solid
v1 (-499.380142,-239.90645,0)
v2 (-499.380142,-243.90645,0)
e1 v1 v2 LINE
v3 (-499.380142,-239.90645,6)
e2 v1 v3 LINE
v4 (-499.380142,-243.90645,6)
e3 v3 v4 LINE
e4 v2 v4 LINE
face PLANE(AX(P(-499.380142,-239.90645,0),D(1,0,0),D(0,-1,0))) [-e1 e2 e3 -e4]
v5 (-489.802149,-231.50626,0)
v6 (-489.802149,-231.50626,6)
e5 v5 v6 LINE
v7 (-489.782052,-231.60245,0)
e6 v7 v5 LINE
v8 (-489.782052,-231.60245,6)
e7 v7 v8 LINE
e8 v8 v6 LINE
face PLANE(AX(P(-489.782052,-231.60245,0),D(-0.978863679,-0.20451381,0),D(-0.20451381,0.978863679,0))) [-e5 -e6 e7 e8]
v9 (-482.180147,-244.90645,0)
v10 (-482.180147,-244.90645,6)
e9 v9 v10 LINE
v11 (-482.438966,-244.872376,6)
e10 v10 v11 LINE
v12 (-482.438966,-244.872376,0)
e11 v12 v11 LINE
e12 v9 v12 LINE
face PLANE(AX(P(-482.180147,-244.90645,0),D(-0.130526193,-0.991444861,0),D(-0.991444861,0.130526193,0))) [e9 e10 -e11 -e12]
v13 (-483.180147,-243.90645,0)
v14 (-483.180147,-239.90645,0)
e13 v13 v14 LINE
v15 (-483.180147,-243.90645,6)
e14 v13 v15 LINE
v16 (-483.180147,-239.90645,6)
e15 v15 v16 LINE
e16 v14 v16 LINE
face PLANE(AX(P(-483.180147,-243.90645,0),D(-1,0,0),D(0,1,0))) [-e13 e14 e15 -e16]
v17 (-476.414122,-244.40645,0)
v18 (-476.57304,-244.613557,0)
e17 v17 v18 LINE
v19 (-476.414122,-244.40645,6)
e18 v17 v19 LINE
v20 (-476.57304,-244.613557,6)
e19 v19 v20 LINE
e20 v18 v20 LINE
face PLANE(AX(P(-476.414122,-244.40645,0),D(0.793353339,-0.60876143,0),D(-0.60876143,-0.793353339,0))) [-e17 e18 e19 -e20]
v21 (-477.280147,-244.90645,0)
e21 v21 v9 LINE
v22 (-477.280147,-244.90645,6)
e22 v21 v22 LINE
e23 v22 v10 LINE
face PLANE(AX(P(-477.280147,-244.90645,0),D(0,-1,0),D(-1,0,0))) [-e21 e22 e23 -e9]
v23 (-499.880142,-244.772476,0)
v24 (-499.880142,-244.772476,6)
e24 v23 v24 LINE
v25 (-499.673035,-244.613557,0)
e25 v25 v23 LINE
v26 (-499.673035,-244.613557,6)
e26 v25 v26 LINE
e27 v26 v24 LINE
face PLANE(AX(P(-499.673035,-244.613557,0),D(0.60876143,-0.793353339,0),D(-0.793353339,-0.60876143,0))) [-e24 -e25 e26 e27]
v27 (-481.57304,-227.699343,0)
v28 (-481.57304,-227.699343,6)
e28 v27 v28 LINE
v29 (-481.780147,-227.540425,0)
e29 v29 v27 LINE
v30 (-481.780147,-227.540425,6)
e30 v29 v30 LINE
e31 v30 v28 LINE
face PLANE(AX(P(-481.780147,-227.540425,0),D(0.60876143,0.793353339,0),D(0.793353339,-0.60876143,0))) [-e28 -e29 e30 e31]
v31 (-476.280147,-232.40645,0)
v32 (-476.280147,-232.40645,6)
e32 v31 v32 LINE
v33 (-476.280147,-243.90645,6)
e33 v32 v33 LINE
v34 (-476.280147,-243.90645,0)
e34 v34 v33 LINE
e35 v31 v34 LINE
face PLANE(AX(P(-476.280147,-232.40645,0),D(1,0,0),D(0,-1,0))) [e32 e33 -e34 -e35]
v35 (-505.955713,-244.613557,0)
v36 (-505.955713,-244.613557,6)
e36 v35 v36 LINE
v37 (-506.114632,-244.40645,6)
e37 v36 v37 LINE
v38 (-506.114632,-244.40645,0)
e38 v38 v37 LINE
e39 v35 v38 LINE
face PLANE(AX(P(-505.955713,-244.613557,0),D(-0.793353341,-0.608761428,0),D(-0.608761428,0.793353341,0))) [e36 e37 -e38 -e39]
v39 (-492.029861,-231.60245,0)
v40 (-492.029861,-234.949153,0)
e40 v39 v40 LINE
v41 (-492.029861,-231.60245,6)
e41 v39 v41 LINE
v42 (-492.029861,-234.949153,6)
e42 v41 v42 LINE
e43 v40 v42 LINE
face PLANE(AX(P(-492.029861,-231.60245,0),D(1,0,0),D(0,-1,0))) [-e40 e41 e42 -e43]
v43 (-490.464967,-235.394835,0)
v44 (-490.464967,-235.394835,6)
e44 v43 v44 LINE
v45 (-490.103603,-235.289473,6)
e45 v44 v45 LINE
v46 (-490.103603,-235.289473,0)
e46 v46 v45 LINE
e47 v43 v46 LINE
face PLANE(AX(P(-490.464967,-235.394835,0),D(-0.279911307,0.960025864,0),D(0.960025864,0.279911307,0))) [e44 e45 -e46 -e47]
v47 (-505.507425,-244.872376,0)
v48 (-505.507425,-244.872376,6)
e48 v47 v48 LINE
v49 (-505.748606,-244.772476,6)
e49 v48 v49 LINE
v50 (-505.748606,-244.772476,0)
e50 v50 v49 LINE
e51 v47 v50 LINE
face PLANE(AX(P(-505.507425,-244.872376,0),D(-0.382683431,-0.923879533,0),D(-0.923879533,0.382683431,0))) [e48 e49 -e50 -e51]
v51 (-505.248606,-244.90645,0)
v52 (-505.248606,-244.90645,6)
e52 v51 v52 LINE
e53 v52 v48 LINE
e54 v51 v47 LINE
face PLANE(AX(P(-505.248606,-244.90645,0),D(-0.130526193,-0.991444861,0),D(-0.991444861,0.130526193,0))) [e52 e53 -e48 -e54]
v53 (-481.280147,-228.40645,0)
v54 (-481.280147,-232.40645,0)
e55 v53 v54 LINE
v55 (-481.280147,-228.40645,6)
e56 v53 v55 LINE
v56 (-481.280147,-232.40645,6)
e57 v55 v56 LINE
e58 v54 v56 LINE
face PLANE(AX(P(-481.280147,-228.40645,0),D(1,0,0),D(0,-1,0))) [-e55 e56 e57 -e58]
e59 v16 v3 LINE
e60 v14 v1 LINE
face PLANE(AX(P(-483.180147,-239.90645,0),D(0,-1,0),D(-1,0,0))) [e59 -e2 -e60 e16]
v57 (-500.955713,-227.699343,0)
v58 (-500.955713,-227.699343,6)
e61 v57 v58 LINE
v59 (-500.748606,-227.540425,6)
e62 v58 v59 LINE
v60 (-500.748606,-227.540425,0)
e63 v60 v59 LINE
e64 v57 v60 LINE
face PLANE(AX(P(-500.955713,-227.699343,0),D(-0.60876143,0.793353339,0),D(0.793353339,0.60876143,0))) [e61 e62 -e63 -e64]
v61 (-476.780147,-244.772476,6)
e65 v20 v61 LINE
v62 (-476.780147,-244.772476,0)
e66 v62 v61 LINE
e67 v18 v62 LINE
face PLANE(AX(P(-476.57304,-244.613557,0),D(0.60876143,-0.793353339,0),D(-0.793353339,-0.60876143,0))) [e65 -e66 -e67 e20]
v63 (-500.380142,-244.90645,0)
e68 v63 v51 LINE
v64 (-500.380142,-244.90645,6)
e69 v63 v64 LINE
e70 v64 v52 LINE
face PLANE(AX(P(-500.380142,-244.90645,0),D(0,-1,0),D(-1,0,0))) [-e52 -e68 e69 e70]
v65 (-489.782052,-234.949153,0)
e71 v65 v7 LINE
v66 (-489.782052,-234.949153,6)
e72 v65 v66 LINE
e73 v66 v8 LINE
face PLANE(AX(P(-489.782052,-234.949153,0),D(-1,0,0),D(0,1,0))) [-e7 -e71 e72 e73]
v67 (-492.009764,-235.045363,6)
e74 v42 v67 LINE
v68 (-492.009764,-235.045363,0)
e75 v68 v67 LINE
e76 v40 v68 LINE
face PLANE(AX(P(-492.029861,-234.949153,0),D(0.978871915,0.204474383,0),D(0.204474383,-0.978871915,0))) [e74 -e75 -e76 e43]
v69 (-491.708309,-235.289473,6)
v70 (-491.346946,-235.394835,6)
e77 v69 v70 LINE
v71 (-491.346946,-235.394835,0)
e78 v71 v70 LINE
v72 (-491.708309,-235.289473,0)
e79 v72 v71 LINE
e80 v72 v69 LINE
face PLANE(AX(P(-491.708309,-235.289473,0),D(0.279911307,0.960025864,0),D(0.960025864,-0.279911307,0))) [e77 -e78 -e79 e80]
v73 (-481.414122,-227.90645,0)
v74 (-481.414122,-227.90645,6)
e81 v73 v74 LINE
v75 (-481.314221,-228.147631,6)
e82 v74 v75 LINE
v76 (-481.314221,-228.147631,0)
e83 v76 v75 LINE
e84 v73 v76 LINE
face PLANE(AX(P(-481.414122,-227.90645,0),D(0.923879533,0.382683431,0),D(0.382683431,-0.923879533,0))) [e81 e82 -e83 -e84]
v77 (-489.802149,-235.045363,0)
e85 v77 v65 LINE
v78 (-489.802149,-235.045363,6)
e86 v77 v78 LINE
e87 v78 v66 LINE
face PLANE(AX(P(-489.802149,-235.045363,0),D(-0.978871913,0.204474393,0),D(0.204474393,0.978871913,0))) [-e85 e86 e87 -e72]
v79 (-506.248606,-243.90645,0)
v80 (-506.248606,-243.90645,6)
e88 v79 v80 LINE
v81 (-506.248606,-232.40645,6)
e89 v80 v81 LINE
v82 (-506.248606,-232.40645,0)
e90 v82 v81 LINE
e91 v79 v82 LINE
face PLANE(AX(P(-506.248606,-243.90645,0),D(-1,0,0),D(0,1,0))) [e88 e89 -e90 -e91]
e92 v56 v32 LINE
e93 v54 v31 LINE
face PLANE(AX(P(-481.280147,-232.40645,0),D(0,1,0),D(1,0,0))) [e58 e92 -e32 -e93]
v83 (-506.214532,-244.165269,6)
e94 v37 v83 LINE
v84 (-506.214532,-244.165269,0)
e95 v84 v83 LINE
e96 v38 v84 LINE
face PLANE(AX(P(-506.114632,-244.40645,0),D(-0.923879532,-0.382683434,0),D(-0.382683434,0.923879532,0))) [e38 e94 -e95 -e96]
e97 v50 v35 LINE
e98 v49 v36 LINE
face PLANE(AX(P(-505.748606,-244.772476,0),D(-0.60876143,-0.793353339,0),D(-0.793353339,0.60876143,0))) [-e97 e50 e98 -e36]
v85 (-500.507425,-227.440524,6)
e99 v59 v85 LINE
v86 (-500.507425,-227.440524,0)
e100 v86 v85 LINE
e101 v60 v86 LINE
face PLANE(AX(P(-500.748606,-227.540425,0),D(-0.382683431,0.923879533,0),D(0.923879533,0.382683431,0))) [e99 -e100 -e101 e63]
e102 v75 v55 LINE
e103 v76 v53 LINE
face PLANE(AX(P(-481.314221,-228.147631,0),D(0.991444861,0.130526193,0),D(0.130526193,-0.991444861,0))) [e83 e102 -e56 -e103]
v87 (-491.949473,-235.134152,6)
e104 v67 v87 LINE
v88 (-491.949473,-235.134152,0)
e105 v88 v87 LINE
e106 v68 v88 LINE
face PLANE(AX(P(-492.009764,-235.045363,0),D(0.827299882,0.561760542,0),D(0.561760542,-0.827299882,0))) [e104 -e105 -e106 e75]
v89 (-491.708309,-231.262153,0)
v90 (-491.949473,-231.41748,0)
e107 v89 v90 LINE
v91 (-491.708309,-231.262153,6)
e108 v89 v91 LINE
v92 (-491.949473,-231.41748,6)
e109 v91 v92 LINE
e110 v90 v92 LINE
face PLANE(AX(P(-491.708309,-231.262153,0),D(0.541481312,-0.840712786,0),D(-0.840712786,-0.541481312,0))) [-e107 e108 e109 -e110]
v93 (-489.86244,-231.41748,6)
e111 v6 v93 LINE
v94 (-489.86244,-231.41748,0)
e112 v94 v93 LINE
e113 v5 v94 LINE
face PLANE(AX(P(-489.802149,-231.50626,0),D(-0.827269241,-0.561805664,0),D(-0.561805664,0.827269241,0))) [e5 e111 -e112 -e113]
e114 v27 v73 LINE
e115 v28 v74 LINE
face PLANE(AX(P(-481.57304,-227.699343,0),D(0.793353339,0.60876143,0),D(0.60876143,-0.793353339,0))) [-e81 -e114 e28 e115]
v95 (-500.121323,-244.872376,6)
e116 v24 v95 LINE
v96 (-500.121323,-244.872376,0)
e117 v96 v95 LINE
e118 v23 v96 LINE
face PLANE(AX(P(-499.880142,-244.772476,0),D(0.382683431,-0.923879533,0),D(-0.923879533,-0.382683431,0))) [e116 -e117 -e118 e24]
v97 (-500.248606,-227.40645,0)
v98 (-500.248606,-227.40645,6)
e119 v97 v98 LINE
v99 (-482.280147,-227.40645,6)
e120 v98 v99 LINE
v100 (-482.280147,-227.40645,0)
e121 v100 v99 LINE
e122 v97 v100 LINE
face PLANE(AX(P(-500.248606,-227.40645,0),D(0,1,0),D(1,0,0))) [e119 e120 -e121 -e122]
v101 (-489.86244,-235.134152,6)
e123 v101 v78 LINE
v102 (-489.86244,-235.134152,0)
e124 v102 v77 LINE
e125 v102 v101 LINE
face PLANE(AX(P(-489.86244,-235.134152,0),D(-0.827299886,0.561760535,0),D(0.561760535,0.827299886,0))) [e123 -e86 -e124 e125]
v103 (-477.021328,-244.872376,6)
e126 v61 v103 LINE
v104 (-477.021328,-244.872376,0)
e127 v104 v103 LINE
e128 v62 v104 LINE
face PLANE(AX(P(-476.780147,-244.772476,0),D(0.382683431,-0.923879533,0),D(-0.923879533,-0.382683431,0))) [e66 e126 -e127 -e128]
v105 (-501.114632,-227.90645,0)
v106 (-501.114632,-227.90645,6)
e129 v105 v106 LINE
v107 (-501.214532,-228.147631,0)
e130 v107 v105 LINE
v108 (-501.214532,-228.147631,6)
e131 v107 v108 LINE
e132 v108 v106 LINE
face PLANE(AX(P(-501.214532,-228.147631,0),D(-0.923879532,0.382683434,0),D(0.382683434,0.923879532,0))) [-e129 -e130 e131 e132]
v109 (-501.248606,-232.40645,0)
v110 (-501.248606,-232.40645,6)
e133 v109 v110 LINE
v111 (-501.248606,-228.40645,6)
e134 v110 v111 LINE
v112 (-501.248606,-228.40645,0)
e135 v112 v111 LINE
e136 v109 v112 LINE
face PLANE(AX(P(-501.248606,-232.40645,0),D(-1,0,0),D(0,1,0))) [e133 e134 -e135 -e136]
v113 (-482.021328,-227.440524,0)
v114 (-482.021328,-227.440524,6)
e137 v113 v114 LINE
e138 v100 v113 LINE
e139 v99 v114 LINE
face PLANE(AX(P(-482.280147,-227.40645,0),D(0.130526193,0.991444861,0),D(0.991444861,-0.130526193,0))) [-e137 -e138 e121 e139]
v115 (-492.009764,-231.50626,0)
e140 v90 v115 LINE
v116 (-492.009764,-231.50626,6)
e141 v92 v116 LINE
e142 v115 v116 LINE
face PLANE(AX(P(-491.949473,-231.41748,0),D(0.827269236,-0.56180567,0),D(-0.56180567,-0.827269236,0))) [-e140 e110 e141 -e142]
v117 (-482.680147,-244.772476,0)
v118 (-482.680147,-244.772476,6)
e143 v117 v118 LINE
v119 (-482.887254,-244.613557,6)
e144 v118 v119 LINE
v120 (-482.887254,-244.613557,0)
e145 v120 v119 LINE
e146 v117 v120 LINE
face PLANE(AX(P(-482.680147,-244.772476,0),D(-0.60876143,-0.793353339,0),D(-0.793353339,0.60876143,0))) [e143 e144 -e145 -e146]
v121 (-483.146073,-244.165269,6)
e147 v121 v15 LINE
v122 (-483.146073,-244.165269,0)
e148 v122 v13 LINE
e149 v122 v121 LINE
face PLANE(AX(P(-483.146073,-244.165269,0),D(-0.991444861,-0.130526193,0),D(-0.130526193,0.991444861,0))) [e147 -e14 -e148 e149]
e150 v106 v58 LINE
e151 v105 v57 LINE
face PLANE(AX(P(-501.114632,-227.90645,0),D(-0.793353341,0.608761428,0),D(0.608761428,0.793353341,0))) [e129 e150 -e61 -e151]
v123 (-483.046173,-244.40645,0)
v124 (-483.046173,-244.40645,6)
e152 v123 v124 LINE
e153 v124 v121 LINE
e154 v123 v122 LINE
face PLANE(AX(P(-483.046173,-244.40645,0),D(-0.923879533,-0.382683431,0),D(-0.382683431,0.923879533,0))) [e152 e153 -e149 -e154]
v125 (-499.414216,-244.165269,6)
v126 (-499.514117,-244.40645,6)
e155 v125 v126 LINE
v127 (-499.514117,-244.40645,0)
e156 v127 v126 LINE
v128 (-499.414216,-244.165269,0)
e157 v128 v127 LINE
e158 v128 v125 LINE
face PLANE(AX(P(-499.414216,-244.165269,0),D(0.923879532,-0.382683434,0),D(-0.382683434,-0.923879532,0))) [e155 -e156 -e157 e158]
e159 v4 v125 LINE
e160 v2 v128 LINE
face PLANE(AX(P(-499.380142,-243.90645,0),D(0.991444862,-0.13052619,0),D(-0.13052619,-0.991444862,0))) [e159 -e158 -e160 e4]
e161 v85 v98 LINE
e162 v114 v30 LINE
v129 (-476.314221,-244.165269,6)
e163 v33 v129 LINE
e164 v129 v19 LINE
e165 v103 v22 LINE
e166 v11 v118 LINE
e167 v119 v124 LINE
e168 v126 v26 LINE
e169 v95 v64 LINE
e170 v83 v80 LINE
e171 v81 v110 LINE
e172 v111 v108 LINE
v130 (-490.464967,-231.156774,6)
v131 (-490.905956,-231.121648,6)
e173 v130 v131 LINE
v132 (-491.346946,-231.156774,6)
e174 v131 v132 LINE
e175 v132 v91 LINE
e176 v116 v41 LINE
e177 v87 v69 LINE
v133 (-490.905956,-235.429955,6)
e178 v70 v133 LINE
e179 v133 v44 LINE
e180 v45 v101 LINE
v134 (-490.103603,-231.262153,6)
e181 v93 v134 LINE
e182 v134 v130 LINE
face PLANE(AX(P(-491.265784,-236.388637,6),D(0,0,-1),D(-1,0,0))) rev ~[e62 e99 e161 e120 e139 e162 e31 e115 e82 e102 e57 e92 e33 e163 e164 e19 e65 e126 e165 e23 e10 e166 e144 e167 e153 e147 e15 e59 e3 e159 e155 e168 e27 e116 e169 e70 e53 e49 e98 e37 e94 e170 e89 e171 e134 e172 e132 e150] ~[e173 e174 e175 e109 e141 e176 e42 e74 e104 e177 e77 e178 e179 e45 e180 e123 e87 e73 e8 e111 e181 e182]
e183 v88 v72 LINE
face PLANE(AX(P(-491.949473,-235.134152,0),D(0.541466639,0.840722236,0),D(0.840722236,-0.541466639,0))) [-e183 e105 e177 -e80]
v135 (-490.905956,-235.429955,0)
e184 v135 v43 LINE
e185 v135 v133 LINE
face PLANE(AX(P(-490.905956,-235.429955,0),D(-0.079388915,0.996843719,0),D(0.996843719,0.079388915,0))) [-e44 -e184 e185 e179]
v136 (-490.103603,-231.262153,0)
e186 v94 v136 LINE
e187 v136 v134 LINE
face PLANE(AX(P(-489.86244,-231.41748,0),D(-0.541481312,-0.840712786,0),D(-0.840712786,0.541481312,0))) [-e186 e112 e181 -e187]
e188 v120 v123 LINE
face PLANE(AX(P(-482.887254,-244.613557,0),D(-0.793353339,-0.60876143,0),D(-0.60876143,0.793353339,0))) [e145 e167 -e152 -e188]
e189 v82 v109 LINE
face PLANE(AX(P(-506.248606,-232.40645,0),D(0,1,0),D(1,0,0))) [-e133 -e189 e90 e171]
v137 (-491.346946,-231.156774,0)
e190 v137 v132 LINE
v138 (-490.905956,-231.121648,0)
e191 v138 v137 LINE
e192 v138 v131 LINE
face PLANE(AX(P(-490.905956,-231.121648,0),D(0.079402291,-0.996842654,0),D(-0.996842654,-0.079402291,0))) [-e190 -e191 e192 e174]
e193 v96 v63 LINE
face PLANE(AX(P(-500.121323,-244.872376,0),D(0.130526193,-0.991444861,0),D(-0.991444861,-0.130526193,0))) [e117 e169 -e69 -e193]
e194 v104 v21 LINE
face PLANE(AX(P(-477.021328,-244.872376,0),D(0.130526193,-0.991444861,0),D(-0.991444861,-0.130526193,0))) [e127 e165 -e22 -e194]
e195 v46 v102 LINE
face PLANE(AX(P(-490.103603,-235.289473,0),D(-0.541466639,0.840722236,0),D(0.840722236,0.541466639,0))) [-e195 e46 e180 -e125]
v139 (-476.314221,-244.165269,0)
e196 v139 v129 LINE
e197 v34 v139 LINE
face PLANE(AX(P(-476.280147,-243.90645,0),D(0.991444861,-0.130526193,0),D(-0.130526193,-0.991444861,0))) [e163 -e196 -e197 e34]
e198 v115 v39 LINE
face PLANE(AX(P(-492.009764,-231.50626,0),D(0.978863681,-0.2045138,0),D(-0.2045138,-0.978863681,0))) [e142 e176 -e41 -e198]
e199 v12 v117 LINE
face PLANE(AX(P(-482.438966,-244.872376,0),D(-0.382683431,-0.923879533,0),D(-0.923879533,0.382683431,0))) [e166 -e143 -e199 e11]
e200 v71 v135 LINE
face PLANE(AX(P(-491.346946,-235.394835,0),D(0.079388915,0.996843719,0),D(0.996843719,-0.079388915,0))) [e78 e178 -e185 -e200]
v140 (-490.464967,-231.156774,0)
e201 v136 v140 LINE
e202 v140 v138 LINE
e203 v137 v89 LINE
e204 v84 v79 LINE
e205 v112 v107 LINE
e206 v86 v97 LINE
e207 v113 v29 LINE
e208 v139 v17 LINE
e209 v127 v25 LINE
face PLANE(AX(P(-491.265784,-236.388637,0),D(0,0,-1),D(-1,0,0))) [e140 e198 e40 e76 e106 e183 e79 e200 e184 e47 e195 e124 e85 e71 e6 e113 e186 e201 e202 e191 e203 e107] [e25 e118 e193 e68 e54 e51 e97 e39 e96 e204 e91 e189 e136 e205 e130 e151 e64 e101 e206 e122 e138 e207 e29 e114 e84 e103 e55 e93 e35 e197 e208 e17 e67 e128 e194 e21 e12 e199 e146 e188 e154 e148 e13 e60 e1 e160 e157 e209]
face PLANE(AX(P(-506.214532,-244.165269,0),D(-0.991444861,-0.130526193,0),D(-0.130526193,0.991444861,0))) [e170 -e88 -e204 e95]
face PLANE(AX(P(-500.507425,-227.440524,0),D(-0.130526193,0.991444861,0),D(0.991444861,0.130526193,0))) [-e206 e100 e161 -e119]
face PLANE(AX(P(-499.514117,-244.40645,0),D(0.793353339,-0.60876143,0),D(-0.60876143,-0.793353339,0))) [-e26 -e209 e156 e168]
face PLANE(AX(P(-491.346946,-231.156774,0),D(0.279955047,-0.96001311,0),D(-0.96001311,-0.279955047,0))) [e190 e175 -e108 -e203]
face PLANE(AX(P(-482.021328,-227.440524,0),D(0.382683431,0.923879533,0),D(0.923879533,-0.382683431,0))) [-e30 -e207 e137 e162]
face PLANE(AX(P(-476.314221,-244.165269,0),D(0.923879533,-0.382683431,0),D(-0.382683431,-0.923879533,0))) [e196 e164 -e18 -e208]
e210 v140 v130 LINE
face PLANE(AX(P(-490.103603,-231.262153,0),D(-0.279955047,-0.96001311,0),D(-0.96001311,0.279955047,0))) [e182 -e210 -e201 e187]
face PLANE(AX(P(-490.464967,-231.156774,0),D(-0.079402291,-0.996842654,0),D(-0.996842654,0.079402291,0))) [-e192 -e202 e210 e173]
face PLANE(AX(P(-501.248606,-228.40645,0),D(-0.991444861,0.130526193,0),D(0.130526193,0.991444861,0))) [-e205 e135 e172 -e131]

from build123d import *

# Parameters (mm, degrees)
BOSS_EXTRUDE1_DEPTH = 6


with BuildPart() as part:
    # Sketch1 → Boss-Extrude1 (new body)
    with BuildSketch(Plane.XY):
        Polygon((-477.021328122, -244.872375969), (-477.280147167, -244.906450143), (-482.180147167, -244.906450143), (-482.438966212, -244.872375969), (-482.680147167, -244.772475547), (-482.887253948, -244.613556924), (-483.046172571, -244.406450143), (-483.146072993, -244.165269188), (-483.180147167, -243.906450143), (-483.180147167, -239.906450143), (-499.380142171, -239.906450143), (-499.380142171, -243.906450143), (-499.414216344, -244.165269188), (-499.514116767, -244.406450143), (-499.67303539, -244.613556924), (-499.880142171, -244.772475547), (-500.121323126, -244.872375969), (-500.380142171, -244.906450143), (-505.248606329, -244.906450143), (-505.507425374, -244.872375969), (-505.748606329, -244.772475547), (-505.95571311, -244.613556924), (-506.114631732, -244.406450143), (-506.214532155, -244.165269188), (-506.248606329, -243.906450143), (-506.248606329, -232.406450143), (-501.248606329, -232.406450143), (-501.248606329, -228.406450143), (-501.214532155, -228.147631098), (-501.114631732, -227.906450143), (-500.95571311, -227.699343362), (-500.748606329, -227.540424739), (-500.507425374, -227.440524317), (-500.248606329, -227.406450143), (-482.280147167, -227.406450143), (-482.021328122, -227.440524317), (-481.780147167, -227.540424739), (-481.573040386, -227.699343362), (-481.414121763, -227.906450143), (-481.314221341, -228.147631098), (-481.280147167, -228.406450143), (-481.280147167, -232.406450143), (-476.280147167, -232.406450143), (-476.280147167, -243.906450143), (-476.314221341, -244.165269188), (-476.414121763, -244.406450143), (-476.573040386, -244.613556924), (-476.780147167, -244.772475547), align=None)
        Polygon((-492.029860545, -234.949153278), (-492.009763604, -235.045362548), (-491.949472778, -235.134152325), (-491.708309478, -235.2894734), (-491.346945625, -235.394834966), (-490.905956201, -235.429955488), (-490.464966776, -235.394834966), (-490.103602923, -235.2894734), (-489.862439623, -235.134152325), (-489.802148798, -235.045362548), (-489.782051856, -234.949153278), (-489.782051856, -231.602449772), (-489.802148798, -231.506259854), (-489.862439623, -231.417480498), (-490.103602923, -231.262153468), (-490.464966776, -231.156774038), (-490.905956201, -231.121647561), (-491.346945625, -231.156774038), (-491.708309478, -231.262153468), (-491.949472778, -231.417480498), (-492.009763604, -231.506259854), (-492.029860545, -231.602449772), align=None, mode=Mode.SUBTRACT)
    extrude(amount=BOSS_EXTRUDE1_DEPTH)


solid = part.part
